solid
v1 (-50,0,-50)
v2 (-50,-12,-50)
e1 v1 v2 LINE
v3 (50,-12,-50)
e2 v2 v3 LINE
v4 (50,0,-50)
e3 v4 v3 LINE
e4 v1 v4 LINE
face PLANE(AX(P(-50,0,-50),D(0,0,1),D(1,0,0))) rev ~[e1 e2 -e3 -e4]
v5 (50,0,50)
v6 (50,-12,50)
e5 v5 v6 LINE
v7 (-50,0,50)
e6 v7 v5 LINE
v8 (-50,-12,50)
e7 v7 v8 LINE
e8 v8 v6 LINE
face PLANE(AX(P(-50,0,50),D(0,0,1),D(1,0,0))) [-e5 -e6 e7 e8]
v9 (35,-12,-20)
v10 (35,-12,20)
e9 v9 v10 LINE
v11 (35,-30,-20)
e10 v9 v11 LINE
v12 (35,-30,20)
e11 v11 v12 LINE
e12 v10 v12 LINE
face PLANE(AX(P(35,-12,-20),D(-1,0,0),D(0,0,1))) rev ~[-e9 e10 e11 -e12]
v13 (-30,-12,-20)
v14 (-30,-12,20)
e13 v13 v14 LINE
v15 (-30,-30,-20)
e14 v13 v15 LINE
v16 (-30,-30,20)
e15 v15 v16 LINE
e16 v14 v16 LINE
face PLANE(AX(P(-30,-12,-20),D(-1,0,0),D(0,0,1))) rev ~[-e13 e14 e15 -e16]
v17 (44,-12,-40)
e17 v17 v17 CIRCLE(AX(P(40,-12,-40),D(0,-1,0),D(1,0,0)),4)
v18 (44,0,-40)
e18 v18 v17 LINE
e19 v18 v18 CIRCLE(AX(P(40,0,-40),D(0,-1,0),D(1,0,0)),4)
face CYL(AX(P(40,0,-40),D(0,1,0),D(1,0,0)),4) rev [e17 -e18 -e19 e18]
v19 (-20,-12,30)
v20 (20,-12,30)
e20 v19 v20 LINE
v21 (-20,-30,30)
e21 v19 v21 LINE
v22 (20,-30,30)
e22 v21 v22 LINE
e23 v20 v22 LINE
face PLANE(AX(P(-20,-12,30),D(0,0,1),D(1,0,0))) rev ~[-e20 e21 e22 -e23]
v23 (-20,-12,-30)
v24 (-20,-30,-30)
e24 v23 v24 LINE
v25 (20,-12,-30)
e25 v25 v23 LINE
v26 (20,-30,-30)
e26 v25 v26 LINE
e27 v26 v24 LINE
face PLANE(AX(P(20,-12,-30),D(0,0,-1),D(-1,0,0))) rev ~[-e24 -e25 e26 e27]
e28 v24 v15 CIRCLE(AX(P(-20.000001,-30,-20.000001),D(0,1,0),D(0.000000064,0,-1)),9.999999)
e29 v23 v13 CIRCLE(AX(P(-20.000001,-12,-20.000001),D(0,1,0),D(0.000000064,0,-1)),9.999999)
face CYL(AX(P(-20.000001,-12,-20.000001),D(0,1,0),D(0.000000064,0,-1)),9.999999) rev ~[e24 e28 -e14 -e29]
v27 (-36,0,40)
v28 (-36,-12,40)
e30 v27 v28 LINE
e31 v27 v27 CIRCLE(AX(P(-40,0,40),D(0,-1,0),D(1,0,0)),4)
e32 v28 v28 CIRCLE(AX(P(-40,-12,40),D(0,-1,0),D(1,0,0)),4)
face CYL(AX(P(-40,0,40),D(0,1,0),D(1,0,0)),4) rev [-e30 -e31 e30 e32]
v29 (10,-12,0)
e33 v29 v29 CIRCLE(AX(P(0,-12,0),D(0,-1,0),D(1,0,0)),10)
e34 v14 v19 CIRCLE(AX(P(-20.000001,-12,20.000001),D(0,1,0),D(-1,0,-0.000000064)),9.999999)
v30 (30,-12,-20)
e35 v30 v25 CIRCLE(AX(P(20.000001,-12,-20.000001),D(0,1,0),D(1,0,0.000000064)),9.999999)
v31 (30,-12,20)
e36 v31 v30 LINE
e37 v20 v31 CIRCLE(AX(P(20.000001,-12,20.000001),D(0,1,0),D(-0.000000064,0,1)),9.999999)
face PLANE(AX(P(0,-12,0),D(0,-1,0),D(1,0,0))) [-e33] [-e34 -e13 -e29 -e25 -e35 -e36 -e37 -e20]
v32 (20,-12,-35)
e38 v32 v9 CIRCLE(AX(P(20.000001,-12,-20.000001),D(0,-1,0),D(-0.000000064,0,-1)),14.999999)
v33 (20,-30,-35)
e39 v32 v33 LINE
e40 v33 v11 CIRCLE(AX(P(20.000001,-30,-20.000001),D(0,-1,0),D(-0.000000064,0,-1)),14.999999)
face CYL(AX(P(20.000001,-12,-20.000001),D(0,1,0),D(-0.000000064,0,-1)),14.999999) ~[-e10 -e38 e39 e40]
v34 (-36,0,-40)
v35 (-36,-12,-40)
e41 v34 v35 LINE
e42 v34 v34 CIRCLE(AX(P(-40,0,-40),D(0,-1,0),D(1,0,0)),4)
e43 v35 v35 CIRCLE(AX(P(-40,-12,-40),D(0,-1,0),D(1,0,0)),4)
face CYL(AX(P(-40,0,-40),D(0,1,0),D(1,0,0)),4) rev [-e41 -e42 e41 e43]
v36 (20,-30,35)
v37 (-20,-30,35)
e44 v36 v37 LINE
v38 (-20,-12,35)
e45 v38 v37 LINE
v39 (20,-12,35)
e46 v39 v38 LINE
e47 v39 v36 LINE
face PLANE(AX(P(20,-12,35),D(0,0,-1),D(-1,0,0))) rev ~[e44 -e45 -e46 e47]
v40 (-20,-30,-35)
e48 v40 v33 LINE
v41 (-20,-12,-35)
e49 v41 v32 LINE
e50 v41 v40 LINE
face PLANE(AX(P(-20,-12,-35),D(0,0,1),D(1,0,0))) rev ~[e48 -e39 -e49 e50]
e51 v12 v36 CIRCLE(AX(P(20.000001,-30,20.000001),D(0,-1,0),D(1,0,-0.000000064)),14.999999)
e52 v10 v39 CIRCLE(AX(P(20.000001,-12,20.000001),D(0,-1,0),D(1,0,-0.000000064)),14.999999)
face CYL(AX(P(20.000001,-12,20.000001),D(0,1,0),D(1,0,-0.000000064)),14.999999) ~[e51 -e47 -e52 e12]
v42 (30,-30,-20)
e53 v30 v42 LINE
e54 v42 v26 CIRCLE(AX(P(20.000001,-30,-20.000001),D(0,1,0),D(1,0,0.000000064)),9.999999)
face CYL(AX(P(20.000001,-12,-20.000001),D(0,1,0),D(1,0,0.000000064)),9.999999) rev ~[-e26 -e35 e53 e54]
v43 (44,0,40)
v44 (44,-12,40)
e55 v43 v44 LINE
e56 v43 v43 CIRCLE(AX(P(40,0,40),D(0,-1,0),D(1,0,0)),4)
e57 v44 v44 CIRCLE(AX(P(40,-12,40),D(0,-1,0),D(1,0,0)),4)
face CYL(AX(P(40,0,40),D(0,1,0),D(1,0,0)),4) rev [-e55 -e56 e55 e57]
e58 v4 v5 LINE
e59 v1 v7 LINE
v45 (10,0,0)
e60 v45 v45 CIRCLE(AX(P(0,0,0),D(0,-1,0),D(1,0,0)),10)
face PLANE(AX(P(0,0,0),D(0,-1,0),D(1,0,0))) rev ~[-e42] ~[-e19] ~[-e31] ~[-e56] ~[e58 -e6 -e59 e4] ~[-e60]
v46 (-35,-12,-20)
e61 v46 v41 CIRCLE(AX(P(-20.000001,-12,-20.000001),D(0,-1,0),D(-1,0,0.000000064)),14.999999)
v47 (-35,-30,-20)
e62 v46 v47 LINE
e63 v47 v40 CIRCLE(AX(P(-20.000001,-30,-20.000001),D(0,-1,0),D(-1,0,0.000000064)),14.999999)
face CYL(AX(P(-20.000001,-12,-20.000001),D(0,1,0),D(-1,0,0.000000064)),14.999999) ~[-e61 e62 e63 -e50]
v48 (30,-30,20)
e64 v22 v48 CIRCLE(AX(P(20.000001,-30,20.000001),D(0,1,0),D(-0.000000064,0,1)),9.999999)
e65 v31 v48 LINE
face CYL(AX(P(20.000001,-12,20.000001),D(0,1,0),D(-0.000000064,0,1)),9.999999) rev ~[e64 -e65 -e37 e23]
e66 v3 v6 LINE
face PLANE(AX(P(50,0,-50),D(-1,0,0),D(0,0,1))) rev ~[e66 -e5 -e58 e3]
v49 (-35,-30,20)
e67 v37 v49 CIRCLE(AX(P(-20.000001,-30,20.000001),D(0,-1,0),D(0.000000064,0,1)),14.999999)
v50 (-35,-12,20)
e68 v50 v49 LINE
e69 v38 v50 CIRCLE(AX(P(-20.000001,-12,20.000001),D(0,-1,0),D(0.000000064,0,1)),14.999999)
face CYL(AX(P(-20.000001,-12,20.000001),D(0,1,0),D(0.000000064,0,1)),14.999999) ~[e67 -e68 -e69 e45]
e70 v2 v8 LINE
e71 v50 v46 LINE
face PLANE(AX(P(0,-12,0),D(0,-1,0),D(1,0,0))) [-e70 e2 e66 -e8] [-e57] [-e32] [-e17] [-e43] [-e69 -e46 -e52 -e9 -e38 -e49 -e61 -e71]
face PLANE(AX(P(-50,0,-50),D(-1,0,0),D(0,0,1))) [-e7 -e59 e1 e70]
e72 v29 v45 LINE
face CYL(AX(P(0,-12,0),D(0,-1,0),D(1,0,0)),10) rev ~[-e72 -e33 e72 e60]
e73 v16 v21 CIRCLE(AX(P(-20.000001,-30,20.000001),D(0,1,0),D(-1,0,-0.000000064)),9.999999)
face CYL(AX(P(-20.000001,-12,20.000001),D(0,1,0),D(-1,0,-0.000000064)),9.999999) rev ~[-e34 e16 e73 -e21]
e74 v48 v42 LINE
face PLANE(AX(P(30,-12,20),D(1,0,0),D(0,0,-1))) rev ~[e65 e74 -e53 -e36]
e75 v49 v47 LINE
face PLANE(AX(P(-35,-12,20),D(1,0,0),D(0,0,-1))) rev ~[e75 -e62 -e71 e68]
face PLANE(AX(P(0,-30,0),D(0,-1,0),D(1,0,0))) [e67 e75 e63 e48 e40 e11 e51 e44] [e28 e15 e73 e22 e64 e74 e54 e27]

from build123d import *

# Parameters (mm, degrees)
F0_W     = 100
F0_H     = 100
F0_R     = 4
F1_DEPTH = 12
F3_DEPTH = 18
F4_R     = 10
F5_DEPTH = 12


with BuildPart() as f1:
    # F0 (on Front) → F1 (new body)
    with BuildSketch(Plane.XZ):
        Rectangle(F0_W, F0_H)
        with Locations((-40, -40)):
            Circle(F0_R, mode=Mode.SUBTRACT)
        with Locations((40, -40)):
            Circle(F0_R, mode=Mode.SUBTRACT)
        with Locations((-40, 40)):
            Circle(F0_R, mode=Mode.SUBTRACT)
        with Locations((40, 40)):
            Circle(F0_R, mode=Mode.SUBTRACT)
    extrude(amount=F1_DEPTH)

    # F2 (on face) → F3 (join)
    with BuildSketch(Plane.XZ.offset(12)):
        with BuildLine():
            Line((-20, -35), (20, -35))
            ThreePointArc((20, -35), (30.606602, -30.606602), (35, -20))
            Line((35, -20), (35, 20))
            ThreePointArc((35, 20), (30.606602, 30.606602), (20, 35))
            Line((20, 35), (-20, 35))
            ThreePointArc((-20, 35), (-30.606602, 30.606602), (-35, 20))
            Line((-35, 20), (-35, -20))
            ThreePointArc((-35, -20), (-30.606602, -30.606602), (-20, -35))
        make_face()
        with BuildLine():
            ThreePointArc((30, -20), (27.071068, -27.071068), (20, -30))
            Line((20, -30), (-20, -30))
            ThreePointArc((-20, -30), (-27.071068, -27.071068), (-30, -20))
            Line((-30, -20), (-30, 20))
            ThreePointArc((-30, 20), (-27.071068, 27.071068), (-20, 30))
            Line((-20, 30), (20, 30))
            ThreePointArc((20, 30), (27.071068, 27.071068), (30, 20))
            Line((30, 20), (30, -20))
        make_face(mode=Mode.SUBTRACT)
    extrude(amount=F3_DEPTH)

    # F4 (on face) → F5 (cut)
    with BuildSketch(Plane.XZ.offset(12)):
        Circle(F4_R)
    extrude(amount=-F5_DEPTH, mode=Mode.SUBTRACT)


solid = f1.part
